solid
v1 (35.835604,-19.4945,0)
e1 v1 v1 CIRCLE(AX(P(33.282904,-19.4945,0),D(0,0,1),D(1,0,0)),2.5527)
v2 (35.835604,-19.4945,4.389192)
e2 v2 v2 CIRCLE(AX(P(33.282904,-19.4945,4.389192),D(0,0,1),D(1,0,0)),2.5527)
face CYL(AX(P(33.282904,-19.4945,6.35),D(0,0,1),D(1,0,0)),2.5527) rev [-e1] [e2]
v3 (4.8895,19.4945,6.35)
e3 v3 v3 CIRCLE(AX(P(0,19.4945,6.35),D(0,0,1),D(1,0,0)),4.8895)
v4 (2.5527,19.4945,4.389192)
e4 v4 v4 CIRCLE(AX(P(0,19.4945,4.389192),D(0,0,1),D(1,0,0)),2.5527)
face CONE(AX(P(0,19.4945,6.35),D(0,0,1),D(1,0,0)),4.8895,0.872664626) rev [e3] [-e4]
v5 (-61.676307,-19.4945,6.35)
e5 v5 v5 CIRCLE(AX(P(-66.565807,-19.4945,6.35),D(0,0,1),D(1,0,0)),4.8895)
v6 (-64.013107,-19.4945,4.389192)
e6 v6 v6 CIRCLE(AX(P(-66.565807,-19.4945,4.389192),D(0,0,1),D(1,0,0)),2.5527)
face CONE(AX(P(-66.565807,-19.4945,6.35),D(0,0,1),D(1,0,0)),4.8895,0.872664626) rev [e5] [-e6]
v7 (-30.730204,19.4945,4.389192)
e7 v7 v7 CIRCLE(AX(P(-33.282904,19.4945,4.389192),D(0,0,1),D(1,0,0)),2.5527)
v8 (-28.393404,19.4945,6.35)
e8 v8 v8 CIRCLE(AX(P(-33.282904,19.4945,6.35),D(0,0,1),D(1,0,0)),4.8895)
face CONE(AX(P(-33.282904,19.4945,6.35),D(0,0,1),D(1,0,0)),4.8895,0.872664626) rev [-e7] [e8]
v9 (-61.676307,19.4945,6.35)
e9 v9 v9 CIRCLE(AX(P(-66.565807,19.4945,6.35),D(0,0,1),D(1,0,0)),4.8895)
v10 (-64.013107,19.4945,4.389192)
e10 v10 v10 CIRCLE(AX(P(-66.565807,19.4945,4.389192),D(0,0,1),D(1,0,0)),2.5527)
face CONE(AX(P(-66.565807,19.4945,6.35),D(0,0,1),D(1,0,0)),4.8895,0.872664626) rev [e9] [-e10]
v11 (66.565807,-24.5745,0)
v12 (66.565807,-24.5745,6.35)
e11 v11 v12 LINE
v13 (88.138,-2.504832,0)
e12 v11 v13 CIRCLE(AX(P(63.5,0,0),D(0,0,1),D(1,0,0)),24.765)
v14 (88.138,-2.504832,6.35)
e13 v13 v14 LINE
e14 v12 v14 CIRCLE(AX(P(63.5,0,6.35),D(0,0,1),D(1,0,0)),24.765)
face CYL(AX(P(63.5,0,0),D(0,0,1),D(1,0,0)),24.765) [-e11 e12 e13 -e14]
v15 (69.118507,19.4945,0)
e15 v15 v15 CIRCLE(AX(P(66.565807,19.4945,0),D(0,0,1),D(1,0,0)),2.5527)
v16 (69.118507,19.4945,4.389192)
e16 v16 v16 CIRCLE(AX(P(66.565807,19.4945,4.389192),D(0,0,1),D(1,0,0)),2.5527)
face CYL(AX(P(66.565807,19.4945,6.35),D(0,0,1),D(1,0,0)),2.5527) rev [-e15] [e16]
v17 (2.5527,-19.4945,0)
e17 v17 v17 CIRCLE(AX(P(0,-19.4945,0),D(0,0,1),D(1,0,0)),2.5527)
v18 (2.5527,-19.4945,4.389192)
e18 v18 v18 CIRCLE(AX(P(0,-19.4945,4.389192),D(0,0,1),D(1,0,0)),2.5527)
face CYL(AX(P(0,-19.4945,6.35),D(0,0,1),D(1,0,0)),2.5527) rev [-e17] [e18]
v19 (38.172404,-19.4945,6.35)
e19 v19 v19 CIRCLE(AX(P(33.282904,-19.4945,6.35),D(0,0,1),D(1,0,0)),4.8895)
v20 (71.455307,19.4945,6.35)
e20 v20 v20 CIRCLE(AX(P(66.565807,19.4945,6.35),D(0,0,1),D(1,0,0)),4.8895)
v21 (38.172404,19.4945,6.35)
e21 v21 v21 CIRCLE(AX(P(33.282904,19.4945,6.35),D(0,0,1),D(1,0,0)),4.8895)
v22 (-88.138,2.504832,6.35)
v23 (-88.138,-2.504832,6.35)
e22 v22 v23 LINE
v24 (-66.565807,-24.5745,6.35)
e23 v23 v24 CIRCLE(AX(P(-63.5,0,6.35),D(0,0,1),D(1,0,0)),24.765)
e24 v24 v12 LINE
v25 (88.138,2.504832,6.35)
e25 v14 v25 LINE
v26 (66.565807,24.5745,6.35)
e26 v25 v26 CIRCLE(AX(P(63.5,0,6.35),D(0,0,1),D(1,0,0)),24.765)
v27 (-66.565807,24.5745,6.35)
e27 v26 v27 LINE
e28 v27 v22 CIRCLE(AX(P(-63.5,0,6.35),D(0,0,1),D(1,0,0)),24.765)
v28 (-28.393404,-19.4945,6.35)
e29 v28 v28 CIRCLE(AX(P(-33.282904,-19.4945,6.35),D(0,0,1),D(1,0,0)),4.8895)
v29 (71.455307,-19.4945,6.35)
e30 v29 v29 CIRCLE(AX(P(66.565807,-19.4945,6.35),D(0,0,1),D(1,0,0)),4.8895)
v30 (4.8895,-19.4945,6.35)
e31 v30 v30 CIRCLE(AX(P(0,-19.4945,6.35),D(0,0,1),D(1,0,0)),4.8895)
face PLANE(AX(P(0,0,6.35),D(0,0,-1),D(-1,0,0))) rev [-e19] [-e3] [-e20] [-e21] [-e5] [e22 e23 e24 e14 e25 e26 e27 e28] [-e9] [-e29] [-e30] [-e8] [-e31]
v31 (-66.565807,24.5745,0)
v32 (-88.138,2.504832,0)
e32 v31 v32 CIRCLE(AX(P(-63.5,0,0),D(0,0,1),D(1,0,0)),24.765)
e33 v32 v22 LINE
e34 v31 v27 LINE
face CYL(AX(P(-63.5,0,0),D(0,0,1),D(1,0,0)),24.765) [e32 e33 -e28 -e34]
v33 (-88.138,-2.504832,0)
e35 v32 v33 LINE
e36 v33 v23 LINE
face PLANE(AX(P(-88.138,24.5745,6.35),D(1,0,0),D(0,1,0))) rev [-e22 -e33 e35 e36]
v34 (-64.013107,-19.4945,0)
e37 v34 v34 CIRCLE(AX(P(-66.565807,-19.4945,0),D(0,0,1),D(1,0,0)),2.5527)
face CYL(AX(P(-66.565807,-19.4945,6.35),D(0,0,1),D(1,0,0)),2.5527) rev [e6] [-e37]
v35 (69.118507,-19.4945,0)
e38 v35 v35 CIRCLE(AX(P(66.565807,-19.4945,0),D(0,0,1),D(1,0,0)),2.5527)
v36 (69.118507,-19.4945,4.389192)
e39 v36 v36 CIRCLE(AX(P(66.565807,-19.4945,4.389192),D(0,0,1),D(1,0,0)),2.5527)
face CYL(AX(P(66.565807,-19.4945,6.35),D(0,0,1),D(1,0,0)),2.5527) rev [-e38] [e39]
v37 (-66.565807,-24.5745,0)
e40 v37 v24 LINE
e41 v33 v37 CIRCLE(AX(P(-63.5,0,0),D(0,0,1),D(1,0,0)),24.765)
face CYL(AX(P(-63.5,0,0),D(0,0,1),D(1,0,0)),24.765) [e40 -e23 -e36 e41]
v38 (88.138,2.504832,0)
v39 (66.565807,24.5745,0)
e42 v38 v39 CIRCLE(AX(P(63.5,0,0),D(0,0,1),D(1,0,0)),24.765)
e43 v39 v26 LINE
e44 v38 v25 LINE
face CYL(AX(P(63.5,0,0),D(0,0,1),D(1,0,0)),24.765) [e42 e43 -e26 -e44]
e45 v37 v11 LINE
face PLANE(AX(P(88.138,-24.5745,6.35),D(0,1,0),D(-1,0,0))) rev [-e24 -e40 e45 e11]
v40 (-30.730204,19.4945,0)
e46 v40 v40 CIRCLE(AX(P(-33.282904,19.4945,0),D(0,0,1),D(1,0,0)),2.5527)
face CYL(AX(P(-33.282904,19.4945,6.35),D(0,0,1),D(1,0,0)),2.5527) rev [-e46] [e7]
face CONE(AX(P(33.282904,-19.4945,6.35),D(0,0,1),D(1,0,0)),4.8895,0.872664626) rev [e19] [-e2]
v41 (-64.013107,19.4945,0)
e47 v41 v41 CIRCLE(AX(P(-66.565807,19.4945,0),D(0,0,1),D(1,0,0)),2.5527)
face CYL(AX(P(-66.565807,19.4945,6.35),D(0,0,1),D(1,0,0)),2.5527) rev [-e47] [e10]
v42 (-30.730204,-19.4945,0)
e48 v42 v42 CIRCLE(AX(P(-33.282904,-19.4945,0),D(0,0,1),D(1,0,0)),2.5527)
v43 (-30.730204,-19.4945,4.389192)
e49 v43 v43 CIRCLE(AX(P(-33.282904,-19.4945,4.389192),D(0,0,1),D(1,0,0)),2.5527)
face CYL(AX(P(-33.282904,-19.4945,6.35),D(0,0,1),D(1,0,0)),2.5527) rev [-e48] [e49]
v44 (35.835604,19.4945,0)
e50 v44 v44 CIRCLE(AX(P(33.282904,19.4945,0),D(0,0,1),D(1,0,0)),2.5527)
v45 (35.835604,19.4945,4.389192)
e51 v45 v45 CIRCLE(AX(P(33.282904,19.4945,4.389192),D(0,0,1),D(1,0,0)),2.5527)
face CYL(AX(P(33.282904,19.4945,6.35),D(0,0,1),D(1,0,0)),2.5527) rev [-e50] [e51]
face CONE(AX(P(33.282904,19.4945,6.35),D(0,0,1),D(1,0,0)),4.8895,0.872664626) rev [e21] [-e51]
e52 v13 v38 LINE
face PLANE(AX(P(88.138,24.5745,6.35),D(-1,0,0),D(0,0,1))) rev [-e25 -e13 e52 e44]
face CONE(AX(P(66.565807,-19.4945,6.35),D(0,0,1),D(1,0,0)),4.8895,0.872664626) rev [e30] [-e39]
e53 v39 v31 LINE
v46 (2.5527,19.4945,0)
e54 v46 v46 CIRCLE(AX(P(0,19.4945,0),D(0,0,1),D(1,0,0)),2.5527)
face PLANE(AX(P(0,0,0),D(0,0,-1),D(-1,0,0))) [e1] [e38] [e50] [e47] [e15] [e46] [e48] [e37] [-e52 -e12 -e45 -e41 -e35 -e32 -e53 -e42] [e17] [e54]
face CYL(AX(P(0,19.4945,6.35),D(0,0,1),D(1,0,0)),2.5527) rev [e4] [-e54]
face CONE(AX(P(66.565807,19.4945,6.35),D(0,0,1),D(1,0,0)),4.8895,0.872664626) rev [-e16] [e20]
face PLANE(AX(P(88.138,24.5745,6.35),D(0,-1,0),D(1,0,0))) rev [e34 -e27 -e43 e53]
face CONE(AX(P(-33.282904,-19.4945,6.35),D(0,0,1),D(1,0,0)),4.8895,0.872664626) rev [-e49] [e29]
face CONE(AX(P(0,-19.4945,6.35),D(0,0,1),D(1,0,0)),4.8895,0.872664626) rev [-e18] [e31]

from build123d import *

# Parameters (mm, degrees)
SKETCH1_W                                          = 176.276
SKETCH1_H                                          = 49.149
BOSS_EXTRUDE1_DEPTH                                = 6.35
CUT_EXTRUDE3_DEPTH                                 = 92.719875677
CSK_FOR_10_FLAT_HEAD_MACHINE_SCREW_100_D           = 5.1054
CSK_FOR_10_FLAT_HEAD_MACHINE_SCREW_100_CSINK_D     = 9.779
CSK_FOR_10_FLAT_HEAD_MACHINE_SCREW_100_CSINK_ANGLE = 100


with BuildPart() as part:
    # Sketch1 → Boss-Extrude1 (new body)
    with BuildSketch(Plane.XY):
        Rectangle(SKETCH1_W, SKETCH1_H)
    extrude(amount=BOSS_EXTRUDE1_DEPTH)

    # Sketch22 → Cut-Extrude3 (cut, through all)
    with BuildSketch(Plane.XY.offset(6.35)):
        with BuildLine():
            ThreePointArc((-88.138, 2.504831531), (-81.209963357, 17.310760321), (-66.565807357, 24.5745))
            Line((-66.565807357, 24.5745), (-88.138, 24.5745))
            Line((-88.138, 24.5745), (-88.138, 2.504831531))
        make_face()
        with BuildLine():
            ThreePointArc((-66.565807357, -24.5745), (-81.209963357, -17.310760321), (-88.138, -2.504831531))
            Line((-88.138, -2.504831531), (-88.138, -24.5745))
            Line((-88.138, -24.5745), (-66.565807357, -24.5745))
        make_face()
        with BuildLine():
            Line((88.138, -24.5745), (88.138, -2.504831531))
            ThreePointArc((88.138, -2.504831531), (81.209963357, -17.310760321), (66.565807357, -24.5745))
            Line((66.565807357, -24.5745), (88.138, -24.5745))
        make_face()
        with BuildLine():
            Line((88.138, 24.5745), (66.565807357, 24.5745))
            ThreePointArc((66.565807357, 24.5745), (81.209963357, 17.310760321), (88.138, 2.504831531))
            Line((88.138, 2.504831531), (88.138, 24.5745))
        make_face()
    extrude(amount=-CUT_EXTRUDE3_DEPTH, mode=Mode.SUBTRACT)

    # CSK for #10 Flat Head Machine Screw (100)1 (through all)
    with Locations(Plane.XY.offset(6.35)):
        with Locations((-66.565807357, 19.4945), (-33.282903678, 19.4945), (0, 19.4945), (33.282903678, 19.4945), (66.565807357, 19.4945), (66.565807357, -19.4945), (33.282903678, -19.4945), (0, -19.4945), (-33.282903678, -19.4945), (-66.565807357, -19.4945)):
            CounterSinkHole(CSK_FOR_10_FLAT_HEAD_MACHINE_SCREW_100_D / 2, CSK_FOR_10_FLAT_HEAD_MACHINE_SCREW_100_CSINK_D / 2, counter_sink_angle=CSK_FOR_10_FLAT_HEAD_MACHINE_SCREW_100_CSINK_ANGLE)


solid = part.part
